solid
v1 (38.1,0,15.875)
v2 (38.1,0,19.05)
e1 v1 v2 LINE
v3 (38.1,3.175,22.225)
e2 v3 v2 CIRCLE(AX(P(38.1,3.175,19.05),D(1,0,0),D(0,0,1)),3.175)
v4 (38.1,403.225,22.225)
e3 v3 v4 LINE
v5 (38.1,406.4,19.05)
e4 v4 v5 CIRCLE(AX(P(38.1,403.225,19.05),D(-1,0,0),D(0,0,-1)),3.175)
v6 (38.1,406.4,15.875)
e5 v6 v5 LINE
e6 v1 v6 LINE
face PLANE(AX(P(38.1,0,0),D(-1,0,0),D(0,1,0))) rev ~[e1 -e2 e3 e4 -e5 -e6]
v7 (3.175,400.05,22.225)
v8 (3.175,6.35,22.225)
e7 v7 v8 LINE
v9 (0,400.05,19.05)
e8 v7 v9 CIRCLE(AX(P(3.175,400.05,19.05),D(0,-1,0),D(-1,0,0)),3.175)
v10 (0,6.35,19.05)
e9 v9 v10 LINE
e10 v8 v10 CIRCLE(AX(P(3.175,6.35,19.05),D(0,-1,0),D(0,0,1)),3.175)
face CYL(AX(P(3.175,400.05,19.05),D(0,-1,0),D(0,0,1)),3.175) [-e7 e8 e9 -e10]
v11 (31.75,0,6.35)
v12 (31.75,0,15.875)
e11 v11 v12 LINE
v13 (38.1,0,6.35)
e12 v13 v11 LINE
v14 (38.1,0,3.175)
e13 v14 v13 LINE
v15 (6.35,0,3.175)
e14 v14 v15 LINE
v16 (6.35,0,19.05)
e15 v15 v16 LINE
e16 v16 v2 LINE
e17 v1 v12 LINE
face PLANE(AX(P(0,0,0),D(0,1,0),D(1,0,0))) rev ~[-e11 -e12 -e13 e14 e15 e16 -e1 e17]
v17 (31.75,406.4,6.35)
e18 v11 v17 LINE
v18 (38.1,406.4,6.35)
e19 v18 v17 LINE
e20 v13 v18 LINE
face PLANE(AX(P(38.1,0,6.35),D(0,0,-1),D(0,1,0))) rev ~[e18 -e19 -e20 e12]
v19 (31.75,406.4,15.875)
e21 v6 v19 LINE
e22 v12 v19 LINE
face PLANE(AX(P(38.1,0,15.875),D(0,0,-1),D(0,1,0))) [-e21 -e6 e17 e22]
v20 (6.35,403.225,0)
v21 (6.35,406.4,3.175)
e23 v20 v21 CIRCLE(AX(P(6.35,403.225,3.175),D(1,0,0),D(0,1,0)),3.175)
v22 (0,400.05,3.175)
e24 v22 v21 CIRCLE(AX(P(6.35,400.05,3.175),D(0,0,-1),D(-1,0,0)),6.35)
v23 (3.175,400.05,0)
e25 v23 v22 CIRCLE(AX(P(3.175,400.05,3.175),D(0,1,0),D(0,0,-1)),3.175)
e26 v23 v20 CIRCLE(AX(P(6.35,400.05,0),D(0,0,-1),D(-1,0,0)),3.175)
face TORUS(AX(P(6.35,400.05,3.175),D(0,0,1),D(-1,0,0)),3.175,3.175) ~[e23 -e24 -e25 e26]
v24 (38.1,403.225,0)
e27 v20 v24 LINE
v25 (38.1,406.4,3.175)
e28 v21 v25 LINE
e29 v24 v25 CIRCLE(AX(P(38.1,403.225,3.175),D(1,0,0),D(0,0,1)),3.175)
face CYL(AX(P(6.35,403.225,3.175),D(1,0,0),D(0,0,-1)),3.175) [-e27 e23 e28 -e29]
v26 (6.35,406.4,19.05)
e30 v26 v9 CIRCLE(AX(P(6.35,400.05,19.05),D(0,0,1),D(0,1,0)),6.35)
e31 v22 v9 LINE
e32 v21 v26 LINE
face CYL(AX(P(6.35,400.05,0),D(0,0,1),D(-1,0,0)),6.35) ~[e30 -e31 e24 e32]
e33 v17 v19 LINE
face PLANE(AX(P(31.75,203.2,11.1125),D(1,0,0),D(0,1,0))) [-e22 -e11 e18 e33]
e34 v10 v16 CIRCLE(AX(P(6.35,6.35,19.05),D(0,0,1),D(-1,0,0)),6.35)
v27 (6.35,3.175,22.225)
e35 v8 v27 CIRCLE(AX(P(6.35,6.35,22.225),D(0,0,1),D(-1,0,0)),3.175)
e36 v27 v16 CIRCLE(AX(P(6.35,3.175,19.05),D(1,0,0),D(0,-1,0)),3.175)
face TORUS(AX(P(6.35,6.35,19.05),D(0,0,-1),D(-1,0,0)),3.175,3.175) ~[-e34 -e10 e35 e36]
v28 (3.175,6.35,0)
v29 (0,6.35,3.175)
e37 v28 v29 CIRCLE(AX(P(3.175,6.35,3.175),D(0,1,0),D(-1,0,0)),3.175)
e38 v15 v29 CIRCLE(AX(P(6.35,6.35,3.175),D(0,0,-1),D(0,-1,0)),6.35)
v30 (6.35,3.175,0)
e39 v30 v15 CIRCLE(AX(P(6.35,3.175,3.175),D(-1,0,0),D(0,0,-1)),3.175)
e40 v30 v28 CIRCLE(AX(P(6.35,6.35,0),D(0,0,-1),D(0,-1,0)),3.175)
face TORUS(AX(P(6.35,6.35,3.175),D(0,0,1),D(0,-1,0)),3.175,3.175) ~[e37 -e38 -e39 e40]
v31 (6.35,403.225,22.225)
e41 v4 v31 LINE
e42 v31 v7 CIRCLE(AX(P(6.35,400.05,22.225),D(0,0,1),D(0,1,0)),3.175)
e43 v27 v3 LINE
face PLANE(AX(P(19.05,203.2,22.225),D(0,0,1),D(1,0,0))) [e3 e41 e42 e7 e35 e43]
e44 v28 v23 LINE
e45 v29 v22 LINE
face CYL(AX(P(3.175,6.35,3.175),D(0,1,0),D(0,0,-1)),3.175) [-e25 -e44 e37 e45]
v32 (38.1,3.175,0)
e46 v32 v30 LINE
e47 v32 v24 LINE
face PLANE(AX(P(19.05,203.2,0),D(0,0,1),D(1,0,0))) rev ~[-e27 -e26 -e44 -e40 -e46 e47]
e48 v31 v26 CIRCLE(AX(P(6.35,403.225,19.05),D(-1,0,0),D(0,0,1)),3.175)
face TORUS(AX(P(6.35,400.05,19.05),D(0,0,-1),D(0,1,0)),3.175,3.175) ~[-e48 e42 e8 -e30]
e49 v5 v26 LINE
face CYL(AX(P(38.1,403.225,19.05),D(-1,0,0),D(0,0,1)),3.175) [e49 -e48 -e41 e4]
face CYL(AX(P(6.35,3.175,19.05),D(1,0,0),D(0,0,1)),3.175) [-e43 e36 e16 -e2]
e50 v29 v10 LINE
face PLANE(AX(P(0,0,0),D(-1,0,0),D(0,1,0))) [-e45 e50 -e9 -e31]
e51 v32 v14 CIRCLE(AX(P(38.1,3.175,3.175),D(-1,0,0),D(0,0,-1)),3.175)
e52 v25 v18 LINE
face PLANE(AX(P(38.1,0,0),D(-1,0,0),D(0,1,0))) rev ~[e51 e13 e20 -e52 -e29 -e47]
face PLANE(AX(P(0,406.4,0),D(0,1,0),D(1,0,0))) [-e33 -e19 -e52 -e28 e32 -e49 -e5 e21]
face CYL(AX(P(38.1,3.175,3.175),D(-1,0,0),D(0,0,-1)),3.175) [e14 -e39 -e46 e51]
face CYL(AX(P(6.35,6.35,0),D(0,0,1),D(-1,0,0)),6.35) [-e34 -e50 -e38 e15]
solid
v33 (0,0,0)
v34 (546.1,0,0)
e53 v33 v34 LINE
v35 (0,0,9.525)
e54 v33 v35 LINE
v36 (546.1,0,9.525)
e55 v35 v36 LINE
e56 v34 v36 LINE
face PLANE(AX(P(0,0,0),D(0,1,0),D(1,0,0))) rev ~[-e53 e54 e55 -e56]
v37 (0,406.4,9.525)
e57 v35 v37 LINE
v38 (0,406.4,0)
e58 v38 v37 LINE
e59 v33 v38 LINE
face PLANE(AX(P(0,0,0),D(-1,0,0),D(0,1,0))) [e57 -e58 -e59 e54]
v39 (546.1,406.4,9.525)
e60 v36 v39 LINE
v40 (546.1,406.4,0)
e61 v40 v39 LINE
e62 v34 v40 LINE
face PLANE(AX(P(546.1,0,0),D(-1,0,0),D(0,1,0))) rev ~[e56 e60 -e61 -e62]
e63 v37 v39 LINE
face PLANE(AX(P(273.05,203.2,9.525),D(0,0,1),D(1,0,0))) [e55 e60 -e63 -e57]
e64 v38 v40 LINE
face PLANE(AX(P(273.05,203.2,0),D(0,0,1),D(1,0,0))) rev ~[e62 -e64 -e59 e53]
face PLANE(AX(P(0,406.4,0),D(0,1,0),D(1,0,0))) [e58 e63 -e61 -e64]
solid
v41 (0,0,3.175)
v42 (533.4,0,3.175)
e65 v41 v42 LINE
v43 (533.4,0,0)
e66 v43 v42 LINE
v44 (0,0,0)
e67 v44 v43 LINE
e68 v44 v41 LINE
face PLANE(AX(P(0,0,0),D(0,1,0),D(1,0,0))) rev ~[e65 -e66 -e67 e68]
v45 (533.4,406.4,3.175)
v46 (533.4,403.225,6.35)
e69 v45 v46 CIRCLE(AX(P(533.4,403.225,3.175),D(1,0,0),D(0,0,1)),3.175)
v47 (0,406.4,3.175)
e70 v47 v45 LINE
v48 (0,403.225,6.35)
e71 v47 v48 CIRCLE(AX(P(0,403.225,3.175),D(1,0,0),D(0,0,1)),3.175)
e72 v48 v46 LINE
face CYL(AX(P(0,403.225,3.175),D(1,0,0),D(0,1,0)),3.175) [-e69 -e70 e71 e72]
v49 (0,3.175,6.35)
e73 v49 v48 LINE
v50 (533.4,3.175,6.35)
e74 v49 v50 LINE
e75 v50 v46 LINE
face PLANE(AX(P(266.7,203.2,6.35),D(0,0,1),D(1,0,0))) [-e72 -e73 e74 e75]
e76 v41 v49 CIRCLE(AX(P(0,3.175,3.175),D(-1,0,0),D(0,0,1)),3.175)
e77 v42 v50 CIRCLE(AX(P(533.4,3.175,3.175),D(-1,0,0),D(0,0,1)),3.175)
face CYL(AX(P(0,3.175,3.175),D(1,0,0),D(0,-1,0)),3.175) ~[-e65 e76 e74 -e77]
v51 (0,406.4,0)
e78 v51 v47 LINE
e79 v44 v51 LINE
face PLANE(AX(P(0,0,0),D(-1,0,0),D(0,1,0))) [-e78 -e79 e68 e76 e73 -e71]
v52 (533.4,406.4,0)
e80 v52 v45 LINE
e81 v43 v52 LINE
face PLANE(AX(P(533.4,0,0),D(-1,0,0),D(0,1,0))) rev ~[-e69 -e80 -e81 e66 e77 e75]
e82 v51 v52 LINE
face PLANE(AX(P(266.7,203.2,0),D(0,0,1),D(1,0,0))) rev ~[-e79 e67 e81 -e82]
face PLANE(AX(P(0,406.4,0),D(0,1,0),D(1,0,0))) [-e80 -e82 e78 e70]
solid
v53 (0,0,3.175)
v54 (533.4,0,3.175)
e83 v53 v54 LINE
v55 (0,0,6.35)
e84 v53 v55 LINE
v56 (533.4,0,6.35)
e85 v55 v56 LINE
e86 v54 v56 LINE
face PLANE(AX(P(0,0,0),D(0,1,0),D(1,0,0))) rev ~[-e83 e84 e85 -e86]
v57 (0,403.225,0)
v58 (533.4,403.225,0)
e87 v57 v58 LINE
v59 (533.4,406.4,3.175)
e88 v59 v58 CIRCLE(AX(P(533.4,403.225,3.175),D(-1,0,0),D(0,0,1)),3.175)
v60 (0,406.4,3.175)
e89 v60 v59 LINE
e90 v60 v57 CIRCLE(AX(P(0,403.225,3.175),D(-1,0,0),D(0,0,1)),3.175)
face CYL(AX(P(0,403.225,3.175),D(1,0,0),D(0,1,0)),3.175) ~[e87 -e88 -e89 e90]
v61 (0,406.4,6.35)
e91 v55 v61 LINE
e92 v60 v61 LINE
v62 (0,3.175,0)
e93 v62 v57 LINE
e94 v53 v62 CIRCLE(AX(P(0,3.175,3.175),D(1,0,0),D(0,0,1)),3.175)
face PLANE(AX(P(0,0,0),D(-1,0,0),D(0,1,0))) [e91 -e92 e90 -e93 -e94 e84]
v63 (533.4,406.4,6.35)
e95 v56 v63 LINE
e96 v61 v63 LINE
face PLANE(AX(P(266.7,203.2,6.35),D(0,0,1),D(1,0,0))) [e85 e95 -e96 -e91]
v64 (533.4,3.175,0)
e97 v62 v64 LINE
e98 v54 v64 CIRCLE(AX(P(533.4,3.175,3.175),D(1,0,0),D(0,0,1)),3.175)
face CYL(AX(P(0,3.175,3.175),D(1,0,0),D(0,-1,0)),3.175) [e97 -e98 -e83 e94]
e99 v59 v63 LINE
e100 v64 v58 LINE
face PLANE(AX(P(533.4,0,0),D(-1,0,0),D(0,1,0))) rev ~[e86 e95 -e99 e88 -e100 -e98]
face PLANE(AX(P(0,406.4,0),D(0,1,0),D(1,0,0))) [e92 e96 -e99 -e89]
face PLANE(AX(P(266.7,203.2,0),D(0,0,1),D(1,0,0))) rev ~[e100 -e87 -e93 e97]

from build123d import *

# Parameters (mm, degrees)
F0_W      = 546.1
F0_H      = 406.4
F1_DEPTH  = 9.525
F2_W      = 533.4
F2_H      = 406.4
F3_DEPTH  = 6.35
F4_R      = 3.175
F5_W      = 533.4
F5_H      = 406.4
F6_DEPTH  = 6.35
F7_R      = 3.175
F8_W      = 38.1
F8_H      = 406.4
F9_DEPTH  = 22.225
F10_W     = 406.4
F10_H     = 9.525
F11_DEPTH = 6.35
F12_R     = 6.35
F13_R     = 3.175
F14_R     = 3.175


with BuildPart() as f1:
    # F0 (on Top) → F1 (new body)
    with BuildSketch(Plane.XY):
        with Locations((273.05, 203.2)):
            Rectangle(F0_W, F0_H)
    extrude(amount=F1_DEPTH)


with BuildPart() as f3:
    # F2 (on Top) → F3 (new body)
    with BuildSketch(Plane.XY):
        with Locations((266.7, 203.2)):
            Rectangle(F2_W, F2_H)
    extrude(amount=F3_DEPTH)

    # F4
    f4_edges = [f3.edges().sort_by_distance(p)[0] for p in [
        (266.7, 0, 6.35),
        (266.7, 406.4, 6.35),
    ]]
    fillet(f4_edges, radius=F4_R)


with BuildPart() as f6:
    # F5 (on Top) → F6 (new body)
    with BuildSketch(Plane.XY):
        with Locations((266.7, 203.2)):
            Rectangle(F5_W, F5_H)
    extrude(amount=F6_DEPTH)

    # F7
    f7_edges = [f6.edges().sort_by_distance(p)[0] for p in [
        (266.7, 0, 0),
        (266.7, 406.4, 0),
    ]]
    fillet(f7_edges, radius=F7_R)


with BuildPart() as f9:
    # F8 (on Top) → F9 (new body)
    with BuildSketch(Plane.XY):
        with Locations((19.05, 203.2)):
            Rectangle(F8_W, F8_H)
    extrude(amount=F9_DEPTH)

    # F10 (on face) → F11 (cut)
    with BuildSketch(Plane.YZ.offset(38.1)):
        with Locations((203.2, 11.1125)):
            Rectangle(F10_W, F10_H)
    extrude(amount=-F11_DEPTH, mode=Mode.SUBTRACT)

    # F12
    f12_edges = [f9.edges().sort_by_distance(p)[0] for p in [
        (0, 0, 11.1125),
        (0, 406.4, 11.1125),
    ]]
    fillet(f12_edges, radius=F12_R)

    # F13
    f13_edges = [f9.edges().sort_by_distance(p)[0] for p in [
        (22.225, 406.4, 0),
        (1.859872, 404.540128, 0),
        (0, 203.2, 0),
        (1.859872, 1.859872, 0),
        (22.225, 0, 0),
    ]]
    fillet(f13_edges, radius=F13_R)

    # F14
    f14_edges = [f9.edges().sort_by_distance(p)[0] for p in [
        (22.225, 0, 22.225),
        (1.859872, 1.859872, 22.225),
        (0, 203.2, 22.225),
        (1.859872, 404.540128, 22.225),
        (22.225, 406.4, 22.225),
    ]]
    fillet(f14_edges, radius=F14_R)


solid = Compound([f1.part, f3.part, f6.part, f9.part])
